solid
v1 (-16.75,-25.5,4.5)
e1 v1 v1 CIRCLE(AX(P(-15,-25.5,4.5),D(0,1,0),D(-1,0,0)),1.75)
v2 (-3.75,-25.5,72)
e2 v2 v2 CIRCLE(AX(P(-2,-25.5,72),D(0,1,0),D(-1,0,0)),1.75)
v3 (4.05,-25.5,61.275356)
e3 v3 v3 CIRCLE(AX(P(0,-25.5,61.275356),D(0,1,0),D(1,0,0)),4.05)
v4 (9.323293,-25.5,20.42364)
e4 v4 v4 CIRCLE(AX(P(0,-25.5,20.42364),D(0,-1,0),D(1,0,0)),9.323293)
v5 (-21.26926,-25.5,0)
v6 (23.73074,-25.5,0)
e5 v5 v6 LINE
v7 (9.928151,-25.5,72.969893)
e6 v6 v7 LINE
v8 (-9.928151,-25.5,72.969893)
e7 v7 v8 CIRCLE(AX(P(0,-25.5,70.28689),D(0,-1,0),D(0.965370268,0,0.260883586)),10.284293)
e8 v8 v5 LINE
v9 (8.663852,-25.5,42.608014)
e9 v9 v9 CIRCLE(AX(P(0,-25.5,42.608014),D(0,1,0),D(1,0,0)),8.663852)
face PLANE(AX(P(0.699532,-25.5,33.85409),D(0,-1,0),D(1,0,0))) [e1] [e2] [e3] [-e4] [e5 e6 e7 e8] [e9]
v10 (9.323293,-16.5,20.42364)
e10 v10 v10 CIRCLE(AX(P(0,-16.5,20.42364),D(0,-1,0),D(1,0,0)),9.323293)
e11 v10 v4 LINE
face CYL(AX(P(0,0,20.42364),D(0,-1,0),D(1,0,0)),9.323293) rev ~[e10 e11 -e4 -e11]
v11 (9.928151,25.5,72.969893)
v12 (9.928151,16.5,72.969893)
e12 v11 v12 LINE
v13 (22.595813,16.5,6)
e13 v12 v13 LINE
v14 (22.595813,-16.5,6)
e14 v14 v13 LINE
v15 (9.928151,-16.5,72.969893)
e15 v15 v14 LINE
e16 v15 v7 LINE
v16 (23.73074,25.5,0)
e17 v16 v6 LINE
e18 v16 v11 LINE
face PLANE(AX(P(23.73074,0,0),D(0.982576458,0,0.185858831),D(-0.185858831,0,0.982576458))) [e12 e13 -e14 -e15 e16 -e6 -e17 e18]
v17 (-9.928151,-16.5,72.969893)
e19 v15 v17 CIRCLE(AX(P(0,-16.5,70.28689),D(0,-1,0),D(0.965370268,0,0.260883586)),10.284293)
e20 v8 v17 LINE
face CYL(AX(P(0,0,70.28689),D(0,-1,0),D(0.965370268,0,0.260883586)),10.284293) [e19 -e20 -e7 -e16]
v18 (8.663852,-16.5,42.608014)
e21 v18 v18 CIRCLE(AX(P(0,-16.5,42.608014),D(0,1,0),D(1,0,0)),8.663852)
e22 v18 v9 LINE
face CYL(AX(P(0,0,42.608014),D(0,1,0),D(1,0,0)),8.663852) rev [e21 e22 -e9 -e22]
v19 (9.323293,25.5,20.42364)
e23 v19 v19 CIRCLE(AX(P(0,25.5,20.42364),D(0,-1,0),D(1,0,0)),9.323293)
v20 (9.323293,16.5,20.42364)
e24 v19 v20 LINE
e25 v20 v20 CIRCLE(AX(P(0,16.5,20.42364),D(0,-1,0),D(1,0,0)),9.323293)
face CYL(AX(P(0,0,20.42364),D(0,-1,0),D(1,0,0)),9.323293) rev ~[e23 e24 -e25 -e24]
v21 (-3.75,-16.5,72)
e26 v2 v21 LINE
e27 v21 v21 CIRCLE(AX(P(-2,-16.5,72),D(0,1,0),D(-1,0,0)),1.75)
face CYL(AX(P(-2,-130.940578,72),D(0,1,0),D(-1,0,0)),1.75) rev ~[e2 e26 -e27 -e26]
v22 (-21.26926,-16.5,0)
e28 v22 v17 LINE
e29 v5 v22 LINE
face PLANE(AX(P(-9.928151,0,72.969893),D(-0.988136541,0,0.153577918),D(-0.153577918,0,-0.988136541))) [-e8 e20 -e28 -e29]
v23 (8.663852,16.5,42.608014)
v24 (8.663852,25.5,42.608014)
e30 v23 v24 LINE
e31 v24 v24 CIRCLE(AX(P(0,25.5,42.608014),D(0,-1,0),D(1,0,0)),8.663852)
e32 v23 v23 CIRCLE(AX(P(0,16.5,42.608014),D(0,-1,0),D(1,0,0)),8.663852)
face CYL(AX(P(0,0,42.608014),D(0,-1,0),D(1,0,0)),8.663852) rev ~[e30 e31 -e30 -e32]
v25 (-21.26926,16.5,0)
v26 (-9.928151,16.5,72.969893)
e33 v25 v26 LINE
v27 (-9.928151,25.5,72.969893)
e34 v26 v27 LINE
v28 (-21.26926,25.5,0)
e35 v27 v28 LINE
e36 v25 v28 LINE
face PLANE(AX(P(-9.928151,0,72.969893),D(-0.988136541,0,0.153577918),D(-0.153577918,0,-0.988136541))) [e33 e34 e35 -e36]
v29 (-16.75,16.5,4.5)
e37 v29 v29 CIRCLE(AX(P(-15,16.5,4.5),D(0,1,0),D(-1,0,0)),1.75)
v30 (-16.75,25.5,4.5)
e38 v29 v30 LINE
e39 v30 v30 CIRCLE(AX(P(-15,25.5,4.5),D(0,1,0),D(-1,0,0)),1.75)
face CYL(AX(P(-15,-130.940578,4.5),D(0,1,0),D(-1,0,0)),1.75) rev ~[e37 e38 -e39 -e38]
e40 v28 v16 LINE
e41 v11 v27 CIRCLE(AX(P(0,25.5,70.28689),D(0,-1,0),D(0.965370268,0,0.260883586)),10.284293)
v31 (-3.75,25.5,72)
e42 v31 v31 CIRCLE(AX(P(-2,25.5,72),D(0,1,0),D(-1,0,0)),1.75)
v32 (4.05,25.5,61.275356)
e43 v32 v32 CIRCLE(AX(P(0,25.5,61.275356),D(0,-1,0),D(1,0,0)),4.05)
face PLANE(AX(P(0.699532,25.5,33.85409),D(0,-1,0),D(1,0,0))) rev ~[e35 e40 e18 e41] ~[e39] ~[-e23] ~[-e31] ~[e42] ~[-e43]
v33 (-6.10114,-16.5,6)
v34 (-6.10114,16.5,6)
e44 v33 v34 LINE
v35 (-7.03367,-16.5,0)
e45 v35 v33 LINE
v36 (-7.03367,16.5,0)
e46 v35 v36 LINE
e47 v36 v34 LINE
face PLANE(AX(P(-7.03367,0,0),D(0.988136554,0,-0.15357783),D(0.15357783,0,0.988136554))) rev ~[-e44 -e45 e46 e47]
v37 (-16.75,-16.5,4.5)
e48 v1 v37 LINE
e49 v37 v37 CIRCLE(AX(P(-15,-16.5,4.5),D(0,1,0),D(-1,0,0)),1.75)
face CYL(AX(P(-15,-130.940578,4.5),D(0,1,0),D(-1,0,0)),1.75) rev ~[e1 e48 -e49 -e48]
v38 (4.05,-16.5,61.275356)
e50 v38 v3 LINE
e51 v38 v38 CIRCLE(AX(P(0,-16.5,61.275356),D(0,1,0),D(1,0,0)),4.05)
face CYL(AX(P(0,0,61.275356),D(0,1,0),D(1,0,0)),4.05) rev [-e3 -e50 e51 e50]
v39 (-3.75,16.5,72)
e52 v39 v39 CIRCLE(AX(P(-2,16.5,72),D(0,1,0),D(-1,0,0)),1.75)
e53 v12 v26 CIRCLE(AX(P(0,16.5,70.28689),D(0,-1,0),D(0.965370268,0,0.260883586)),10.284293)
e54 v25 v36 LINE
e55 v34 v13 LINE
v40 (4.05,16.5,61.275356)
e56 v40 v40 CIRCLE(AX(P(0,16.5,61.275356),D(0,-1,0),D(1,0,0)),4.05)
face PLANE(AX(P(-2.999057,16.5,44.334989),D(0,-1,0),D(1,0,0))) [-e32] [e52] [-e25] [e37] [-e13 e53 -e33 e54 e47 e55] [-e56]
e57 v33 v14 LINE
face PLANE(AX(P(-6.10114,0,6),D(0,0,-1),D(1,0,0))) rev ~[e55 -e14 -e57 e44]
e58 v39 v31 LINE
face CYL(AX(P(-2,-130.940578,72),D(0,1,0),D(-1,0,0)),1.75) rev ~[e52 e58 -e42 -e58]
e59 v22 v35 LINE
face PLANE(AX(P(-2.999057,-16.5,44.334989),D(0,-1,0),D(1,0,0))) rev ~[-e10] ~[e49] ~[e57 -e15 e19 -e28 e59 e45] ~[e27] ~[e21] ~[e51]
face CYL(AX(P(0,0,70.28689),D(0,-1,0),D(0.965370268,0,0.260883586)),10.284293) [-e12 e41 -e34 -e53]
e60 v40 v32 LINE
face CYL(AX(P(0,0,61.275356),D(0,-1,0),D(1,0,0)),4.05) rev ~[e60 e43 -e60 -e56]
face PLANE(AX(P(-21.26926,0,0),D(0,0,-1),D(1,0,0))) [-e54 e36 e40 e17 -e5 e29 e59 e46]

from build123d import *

# Parameters (mm, degrees)
F1_DEPTH = 25.5
F3_DEPTH = 16.5
F6_D     = 3.5
F7_R     = 8.663852
F7_R_2   = 4.05
F7_R_3   = 9.323293
F8_DEPTH = 40


with BuildPart() as f1:
    # F0 (on Front) → F1 (new body, symmetric)
    with BuildSketch(Plane.XZ):
        with BuildLine():
            Line((-21.26926, 0), (23.73074, 0))
            Line((23.73074, 0), (9.928151, 72.969893))
            ThreePointArc((9.928151, 72.969893), (0, 80.571183), (-9.928151, 72.969893))
            Line((-9.928151, 72.969893), (-21.26926, 0))
        make_face()
    extrude(amount=F1_DEPTH, both=True)


with BuildPart() as f3:
    # F2 (on Front) → F3 (new body, symmetric)
    with BuildSketch(Plane.XZ):
        Polygon((-6.10114, 6), (30, 6), (20, 90), (-30, 90), (-30, 0), (-7.03367, 0), align=None)
    extrude(amount=F3_DEPTH, both=True)


with BuildPart() as f1_1:
    add(f1.part)

    # F4: cut F3
    add(f3.part, mode=Mode.SUBTRACT)

    # F6 (through all)
    with Locations(Plane.XZ.offset(25.5)):
        with Locations((-2, 72), (-15, 4.5)):
            Hole(F6_D / 2)


with BuildPart() as f8:
    # F7 (on Front) → F8 (new body, symmetric)
    with BuildSketch(Plane.XZ):
        with Locations((0, 42.608014)):
            Circle(F7_R)
        with Locations((0, 61.275356)):
            Circle(F7_R_2)
        with Locations((0, 20.42364)):
            Circle(F7_R_3)
    extrude(amount=F8_DEPTH, both=True)


with BuildPart() as f1_2:
    add(f1_1.part)

    # F9: cut F8
    add(f8.part, mode=Mode.SUBTRACT)


solid = f1_2.part
